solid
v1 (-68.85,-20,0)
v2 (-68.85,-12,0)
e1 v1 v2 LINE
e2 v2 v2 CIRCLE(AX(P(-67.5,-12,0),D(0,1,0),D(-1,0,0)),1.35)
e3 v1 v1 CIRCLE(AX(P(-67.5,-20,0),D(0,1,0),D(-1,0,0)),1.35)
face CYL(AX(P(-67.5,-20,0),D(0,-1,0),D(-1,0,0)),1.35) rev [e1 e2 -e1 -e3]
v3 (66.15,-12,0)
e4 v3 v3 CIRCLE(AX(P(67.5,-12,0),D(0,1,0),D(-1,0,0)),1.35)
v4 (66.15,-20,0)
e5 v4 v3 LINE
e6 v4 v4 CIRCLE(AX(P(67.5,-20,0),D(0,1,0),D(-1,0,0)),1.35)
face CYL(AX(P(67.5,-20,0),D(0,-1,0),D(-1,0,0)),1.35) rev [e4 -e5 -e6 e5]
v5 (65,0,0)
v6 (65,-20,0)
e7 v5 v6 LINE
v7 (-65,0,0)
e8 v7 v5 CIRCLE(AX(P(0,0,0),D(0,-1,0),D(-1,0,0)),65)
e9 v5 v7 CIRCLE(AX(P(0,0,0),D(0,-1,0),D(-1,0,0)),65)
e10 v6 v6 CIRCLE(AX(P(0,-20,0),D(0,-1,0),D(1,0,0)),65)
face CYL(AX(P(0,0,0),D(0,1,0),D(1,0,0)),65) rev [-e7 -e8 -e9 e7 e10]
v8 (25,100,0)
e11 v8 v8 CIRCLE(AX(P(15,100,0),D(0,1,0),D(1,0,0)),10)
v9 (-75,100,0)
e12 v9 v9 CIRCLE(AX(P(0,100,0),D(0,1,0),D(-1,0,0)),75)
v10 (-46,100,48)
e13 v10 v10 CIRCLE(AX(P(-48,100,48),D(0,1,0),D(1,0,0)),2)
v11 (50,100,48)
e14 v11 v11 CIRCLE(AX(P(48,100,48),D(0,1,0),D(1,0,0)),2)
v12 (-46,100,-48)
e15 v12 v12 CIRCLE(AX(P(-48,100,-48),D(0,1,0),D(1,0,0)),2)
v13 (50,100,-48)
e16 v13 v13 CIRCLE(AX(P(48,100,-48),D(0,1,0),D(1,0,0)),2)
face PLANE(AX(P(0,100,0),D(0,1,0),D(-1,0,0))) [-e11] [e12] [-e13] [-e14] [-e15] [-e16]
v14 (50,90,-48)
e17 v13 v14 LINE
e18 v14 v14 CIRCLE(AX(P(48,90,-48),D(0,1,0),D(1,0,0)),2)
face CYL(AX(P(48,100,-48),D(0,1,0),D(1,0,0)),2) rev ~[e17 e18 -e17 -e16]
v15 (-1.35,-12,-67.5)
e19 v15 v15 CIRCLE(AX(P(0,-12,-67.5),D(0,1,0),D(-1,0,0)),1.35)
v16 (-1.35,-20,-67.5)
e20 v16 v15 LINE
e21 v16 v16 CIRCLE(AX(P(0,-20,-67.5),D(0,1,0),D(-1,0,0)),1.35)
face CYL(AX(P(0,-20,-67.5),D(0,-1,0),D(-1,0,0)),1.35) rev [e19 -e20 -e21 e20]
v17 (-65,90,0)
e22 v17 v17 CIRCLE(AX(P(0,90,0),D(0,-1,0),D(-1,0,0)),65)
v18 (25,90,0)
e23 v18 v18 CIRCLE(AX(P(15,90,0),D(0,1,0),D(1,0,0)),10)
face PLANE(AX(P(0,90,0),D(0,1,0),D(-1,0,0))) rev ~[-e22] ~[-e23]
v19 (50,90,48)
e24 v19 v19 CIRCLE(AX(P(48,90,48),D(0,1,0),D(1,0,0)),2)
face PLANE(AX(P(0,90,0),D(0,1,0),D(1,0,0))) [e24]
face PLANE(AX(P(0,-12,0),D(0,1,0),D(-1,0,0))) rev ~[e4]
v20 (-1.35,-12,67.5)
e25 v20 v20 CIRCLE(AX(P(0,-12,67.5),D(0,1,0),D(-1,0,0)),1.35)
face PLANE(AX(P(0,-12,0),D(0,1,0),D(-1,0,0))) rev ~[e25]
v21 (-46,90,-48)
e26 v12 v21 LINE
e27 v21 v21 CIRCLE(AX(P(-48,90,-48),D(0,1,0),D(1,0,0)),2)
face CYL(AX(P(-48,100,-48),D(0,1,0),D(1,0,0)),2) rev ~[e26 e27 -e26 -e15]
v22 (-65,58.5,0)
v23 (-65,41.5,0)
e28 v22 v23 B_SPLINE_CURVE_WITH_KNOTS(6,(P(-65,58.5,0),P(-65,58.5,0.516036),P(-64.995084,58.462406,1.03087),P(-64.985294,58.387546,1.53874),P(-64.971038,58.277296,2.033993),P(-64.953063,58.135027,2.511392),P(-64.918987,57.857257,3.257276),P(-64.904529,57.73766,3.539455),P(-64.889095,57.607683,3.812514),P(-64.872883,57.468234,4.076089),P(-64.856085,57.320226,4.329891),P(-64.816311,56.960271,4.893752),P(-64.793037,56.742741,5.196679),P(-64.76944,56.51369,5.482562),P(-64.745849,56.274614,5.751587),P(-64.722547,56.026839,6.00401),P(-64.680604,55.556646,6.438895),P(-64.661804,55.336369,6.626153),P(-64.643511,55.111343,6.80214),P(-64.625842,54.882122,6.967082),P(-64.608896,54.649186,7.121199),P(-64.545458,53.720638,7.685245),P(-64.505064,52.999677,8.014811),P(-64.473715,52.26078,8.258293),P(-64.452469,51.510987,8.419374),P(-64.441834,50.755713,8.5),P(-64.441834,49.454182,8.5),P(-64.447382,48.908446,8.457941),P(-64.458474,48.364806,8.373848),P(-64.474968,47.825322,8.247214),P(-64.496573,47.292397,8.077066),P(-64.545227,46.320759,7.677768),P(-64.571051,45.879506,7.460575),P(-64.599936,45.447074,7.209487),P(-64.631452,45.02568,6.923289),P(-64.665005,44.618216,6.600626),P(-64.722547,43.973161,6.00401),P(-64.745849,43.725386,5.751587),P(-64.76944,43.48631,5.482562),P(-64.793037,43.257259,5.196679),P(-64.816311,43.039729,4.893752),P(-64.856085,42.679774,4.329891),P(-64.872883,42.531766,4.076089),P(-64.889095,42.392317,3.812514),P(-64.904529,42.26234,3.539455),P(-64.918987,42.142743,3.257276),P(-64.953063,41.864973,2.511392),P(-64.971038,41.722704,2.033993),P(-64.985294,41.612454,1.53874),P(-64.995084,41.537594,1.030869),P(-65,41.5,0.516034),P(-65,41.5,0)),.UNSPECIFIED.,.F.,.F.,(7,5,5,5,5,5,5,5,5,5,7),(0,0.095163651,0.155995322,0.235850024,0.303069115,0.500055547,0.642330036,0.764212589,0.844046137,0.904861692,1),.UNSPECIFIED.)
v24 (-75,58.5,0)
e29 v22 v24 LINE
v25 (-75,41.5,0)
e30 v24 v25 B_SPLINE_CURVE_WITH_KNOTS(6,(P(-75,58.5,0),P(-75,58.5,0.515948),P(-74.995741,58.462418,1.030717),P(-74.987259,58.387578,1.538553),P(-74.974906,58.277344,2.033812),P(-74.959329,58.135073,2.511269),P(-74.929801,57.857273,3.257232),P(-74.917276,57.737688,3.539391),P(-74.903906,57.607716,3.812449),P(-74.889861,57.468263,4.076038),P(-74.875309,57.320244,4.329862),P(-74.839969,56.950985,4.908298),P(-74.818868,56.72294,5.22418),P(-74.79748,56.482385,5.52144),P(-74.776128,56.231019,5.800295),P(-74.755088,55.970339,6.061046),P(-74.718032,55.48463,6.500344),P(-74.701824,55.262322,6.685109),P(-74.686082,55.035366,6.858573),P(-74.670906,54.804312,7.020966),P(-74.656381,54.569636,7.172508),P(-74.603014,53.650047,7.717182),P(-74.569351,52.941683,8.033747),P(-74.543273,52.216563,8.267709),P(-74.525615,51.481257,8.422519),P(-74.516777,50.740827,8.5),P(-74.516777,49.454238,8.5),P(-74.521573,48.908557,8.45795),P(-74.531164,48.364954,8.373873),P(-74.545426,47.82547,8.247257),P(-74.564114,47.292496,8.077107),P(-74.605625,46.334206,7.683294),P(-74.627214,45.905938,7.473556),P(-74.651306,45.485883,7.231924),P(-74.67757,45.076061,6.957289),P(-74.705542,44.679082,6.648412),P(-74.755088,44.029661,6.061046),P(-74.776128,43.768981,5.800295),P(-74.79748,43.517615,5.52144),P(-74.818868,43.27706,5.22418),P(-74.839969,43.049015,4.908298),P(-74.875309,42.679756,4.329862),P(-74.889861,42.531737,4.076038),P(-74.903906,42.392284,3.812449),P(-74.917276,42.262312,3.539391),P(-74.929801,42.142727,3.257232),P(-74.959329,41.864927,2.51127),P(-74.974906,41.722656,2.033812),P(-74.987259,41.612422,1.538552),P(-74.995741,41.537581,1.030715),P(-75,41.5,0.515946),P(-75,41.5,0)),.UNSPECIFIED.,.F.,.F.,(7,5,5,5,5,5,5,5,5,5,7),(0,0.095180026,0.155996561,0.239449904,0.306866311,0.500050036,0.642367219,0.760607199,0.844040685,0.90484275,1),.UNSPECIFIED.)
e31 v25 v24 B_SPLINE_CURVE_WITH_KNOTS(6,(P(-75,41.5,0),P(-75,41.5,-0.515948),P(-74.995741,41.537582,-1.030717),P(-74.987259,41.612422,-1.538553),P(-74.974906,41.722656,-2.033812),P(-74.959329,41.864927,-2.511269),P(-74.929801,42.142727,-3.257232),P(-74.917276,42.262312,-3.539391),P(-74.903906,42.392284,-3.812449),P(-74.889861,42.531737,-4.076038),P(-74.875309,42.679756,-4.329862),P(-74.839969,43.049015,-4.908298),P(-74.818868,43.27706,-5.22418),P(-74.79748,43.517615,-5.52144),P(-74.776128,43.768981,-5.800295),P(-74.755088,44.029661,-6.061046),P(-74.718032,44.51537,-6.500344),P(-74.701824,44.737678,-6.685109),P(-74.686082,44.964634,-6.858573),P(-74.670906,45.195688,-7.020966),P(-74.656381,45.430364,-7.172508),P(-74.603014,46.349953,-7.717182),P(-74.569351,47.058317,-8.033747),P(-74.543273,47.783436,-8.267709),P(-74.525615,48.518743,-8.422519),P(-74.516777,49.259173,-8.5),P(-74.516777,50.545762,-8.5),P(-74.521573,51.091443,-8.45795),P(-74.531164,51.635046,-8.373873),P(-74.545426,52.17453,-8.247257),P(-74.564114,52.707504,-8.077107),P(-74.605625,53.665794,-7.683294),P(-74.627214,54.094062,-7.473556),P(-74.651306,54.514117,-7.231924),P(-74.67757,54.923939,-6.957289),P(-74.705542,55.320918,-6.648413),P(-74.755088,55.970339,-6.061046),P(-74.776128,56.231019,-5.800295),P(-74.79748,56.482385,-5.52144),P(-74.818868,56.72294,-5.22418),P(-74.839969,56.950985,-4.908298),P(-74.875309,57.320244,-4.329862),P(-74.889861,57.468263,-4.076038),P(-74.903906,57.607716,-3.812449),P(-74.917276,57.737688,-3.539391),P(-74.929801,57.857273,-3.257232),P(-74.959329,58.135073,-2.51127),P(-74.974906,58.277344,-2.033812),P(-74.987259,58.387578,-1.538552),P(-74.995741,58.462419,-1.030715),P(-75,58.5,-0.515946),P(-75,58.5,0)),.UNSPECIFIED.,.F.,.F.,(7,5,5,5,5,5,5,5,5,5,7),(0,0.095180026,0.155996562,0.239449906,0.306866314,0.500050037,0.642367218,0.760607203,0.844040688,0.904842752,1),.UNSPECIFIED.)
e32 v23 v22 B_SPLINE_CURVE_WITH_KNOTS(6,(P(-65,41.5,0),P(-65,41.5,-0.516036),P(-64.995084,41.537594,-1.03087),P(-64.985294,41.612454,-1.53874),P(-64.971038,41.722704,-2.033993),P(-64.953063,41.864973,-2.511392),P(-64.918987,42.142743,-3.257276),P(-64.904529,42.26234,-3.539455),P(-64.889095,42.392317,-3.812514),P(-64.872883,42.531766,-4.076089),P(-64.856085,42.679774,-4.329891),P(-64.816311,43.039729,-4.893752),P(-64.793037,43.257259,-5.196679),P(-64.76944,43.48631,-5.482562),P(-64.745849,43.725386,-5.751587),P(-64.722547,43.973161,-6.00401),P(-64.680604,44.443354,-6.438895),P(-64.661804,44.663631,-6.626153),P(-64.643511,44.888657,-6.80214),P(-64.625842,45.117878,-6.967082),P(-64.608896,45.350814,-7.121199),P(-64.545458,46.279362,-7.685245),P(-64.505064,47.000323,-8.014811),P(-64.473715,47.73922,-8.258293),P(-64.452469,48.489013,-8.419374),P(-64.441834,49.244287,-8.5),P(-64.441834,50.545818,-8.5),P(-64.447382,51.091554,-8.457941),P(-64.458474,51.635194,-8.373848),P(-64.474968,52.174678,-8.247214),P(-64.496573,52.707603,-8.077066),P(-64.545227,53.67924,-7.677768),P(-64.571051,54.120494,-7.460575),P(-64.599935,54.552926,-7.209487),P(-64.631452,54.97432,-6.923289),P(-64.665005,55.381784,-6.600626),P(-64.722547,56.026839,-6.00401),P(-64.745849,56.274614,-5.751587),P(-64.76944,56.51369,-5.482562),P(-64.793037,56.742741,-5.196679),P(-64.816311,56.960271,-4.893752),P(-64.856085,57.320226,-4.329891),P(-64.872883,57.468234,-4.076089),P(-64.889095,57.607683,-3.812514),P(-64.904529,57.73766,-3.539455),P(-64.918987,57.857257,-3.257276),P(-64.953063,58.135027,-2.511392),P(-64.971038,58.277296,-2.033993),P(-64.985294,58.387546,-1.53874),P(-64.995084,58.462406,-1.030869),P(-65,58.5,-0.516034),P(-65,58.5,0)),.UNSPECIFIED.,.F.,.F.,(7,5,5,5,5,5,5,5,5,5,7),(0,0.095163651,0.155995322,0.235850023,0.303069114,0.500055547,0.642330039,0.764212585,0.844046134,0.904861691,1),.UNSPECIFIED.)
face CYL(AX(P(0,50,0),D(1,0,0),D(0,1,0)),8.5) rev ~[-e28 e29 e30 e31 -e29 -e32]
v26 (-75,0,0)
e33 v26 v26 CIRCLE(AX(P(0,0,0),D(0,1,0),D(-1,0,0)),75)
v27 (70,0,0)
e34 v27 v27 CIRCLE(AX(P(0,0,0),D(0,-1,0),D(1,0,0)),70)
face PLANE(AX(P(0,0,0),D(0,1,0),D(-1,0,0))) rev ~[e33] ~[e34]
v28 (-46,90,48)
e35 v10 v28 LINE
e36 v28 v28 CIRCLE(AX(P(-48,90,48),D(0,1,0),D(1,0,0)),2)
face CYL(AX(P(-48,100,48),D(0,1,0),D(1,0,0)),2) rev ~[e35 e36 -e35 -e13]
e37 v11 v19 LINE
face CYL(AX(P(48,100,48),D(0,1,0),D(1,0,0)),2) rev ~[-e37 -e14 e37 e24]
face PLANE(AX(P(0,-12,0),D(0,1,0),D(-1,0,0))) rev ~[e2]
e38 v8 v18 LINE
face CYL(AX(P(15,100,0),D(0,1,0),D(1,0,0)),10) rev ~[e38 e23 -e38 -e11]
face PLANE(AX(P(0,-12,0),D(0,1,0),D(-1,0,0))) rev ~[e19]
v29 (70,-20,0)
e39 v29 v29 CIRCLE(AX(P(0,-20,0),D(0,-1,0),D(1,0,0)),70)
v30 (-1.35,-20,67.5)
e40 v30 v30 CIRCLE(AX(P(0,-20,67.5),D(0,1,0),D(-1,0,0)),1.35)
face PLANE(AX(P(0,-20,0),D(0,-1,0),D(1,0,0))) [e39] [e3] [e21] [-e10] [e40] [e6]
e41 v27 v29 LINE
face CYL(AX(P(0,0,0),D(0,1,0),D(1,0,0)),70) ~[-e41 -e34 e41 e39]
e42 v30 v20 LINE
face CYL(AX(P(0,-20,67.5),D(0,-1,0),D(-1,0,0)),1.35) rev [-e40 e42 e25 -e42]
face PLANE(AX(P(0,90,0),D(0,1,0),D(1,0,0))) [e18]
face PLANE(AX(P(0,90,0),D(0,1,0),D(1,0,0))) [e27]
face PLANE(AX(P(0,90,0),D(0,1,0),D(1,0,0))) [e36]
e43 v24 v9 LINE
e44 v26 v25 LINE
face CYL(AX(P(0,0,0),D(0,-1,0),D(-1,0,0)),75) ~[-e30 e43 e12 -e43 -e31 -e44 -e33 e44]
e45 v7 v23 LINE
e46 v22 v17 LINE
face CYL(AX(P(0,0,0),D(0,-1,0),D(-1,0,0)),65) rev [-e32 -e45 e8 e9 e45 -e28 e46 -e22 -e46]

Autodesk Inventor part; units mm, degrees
ref_plane "YZ Plane" through (0, 0, 0) normal (1, 0, 0) x (0, 1, 0)
ref_plane "XY Plane" through (0, 0, 0) normal (0, 0, 1) x (1, 0, 0)
sketch "스케치2" plane through (0, 0, 0) normal (0, 1, 0) x (-1, 0, 0)
  circle A0 centre (0, 0) radius 75
  dimension "d1" = 150
extrude "돌출1" add sketch "스케치2" along normal blind 100
shell "쉘1" thickness 10 removed faces 1 at (-17.7208, 0, 28.0232)
sketch "스케치4" plane through (0, 0, 0) normal (0, -1, 0) x (1, 0, 0)
  circle A0 centre (0, 0) radius 65
  circle A1 centre (0, 0) radius 70
  dimension "d10" = 140
extrude "돌출3" add sketch "스케치4" along normal blind 20
ref_plane "작업 평면1" through (0, -20, 0) normal (0, 1, 0) x (-1, 0, 0)
sketch "스케치5" plane through (0, -20, 0) normal (0, 1, 0) x (-1, 0, 0)
  circle A0 centre (-67.5, 0) radius 1.35
  circle A1 centre (0, -67.5) radius 1.35
  circle A2 centre (67.5, 0) radius 1.35
  circle A3 centre (0, 67.5) radius 1.35
  point P0 (0, 0)
  point P1 (0, -67.5)
  point P2 (0, 0)
  point P3 (67.5, 0)
  point P4 (0, 0)
  point P5 (0, 67.5)
  point P6 (0, 0)
  point P7 (0, 0)
  dimension "d17" = 360
  dimension "d71" = 360
sketch "스케치7" plane through (0, 100, 0) normal (0, 1, 0) x (1, 0, 0)
  circle A0 centre (15, 0) radius 10
  point P0 (0, 0)
  dimension "d45" = 20
  dimension "d46" = 15
extrude "돌출4" cut sketch "스케치7" against normal blind 10
sketch "스케치8" plane through (0, 0, 0) normal (1, 0, 0) x (0, 1, 0)
  circle A0 centre (50, 0) radius 8.5
  line L0 (0, 75) -> (0, -75) projected
  point P0 (0, 0)
  dimension "d30" = 17
  dimension "d31" = 50
extrude "돌출5" cut sketch "스케치8" against normal through all
sketch "스케치12" plane through (0, 100, 0) normal (0, 1, 0) x (1, 0, 0)
  circle A0 centre (15, 0) radius 10 projected
  circle A1 centre (48, -48) radius 2
  circle A2 centre (-48, -48) radius 2
  circle A3 centre (48, 48) radius 2
  circle A4 centre (-48, 48) radius 2
  line L0 (48, 48) -> (-48, -48) construction
  line L1 (-48, 48) -> (48, -48) construction
  point P0 (0, 0)
  dimension "d66" = 4
  dimension "d75" = 96
  dimension "d76" = 96
extrude "돌출8" cut sketch "스케치12" against normal blind 10 contours A1 | A2 | A3 | A4
extrude "돌출9" cut sketch "스케치5" along normal blind 8
properties part number "바텀(상)"
